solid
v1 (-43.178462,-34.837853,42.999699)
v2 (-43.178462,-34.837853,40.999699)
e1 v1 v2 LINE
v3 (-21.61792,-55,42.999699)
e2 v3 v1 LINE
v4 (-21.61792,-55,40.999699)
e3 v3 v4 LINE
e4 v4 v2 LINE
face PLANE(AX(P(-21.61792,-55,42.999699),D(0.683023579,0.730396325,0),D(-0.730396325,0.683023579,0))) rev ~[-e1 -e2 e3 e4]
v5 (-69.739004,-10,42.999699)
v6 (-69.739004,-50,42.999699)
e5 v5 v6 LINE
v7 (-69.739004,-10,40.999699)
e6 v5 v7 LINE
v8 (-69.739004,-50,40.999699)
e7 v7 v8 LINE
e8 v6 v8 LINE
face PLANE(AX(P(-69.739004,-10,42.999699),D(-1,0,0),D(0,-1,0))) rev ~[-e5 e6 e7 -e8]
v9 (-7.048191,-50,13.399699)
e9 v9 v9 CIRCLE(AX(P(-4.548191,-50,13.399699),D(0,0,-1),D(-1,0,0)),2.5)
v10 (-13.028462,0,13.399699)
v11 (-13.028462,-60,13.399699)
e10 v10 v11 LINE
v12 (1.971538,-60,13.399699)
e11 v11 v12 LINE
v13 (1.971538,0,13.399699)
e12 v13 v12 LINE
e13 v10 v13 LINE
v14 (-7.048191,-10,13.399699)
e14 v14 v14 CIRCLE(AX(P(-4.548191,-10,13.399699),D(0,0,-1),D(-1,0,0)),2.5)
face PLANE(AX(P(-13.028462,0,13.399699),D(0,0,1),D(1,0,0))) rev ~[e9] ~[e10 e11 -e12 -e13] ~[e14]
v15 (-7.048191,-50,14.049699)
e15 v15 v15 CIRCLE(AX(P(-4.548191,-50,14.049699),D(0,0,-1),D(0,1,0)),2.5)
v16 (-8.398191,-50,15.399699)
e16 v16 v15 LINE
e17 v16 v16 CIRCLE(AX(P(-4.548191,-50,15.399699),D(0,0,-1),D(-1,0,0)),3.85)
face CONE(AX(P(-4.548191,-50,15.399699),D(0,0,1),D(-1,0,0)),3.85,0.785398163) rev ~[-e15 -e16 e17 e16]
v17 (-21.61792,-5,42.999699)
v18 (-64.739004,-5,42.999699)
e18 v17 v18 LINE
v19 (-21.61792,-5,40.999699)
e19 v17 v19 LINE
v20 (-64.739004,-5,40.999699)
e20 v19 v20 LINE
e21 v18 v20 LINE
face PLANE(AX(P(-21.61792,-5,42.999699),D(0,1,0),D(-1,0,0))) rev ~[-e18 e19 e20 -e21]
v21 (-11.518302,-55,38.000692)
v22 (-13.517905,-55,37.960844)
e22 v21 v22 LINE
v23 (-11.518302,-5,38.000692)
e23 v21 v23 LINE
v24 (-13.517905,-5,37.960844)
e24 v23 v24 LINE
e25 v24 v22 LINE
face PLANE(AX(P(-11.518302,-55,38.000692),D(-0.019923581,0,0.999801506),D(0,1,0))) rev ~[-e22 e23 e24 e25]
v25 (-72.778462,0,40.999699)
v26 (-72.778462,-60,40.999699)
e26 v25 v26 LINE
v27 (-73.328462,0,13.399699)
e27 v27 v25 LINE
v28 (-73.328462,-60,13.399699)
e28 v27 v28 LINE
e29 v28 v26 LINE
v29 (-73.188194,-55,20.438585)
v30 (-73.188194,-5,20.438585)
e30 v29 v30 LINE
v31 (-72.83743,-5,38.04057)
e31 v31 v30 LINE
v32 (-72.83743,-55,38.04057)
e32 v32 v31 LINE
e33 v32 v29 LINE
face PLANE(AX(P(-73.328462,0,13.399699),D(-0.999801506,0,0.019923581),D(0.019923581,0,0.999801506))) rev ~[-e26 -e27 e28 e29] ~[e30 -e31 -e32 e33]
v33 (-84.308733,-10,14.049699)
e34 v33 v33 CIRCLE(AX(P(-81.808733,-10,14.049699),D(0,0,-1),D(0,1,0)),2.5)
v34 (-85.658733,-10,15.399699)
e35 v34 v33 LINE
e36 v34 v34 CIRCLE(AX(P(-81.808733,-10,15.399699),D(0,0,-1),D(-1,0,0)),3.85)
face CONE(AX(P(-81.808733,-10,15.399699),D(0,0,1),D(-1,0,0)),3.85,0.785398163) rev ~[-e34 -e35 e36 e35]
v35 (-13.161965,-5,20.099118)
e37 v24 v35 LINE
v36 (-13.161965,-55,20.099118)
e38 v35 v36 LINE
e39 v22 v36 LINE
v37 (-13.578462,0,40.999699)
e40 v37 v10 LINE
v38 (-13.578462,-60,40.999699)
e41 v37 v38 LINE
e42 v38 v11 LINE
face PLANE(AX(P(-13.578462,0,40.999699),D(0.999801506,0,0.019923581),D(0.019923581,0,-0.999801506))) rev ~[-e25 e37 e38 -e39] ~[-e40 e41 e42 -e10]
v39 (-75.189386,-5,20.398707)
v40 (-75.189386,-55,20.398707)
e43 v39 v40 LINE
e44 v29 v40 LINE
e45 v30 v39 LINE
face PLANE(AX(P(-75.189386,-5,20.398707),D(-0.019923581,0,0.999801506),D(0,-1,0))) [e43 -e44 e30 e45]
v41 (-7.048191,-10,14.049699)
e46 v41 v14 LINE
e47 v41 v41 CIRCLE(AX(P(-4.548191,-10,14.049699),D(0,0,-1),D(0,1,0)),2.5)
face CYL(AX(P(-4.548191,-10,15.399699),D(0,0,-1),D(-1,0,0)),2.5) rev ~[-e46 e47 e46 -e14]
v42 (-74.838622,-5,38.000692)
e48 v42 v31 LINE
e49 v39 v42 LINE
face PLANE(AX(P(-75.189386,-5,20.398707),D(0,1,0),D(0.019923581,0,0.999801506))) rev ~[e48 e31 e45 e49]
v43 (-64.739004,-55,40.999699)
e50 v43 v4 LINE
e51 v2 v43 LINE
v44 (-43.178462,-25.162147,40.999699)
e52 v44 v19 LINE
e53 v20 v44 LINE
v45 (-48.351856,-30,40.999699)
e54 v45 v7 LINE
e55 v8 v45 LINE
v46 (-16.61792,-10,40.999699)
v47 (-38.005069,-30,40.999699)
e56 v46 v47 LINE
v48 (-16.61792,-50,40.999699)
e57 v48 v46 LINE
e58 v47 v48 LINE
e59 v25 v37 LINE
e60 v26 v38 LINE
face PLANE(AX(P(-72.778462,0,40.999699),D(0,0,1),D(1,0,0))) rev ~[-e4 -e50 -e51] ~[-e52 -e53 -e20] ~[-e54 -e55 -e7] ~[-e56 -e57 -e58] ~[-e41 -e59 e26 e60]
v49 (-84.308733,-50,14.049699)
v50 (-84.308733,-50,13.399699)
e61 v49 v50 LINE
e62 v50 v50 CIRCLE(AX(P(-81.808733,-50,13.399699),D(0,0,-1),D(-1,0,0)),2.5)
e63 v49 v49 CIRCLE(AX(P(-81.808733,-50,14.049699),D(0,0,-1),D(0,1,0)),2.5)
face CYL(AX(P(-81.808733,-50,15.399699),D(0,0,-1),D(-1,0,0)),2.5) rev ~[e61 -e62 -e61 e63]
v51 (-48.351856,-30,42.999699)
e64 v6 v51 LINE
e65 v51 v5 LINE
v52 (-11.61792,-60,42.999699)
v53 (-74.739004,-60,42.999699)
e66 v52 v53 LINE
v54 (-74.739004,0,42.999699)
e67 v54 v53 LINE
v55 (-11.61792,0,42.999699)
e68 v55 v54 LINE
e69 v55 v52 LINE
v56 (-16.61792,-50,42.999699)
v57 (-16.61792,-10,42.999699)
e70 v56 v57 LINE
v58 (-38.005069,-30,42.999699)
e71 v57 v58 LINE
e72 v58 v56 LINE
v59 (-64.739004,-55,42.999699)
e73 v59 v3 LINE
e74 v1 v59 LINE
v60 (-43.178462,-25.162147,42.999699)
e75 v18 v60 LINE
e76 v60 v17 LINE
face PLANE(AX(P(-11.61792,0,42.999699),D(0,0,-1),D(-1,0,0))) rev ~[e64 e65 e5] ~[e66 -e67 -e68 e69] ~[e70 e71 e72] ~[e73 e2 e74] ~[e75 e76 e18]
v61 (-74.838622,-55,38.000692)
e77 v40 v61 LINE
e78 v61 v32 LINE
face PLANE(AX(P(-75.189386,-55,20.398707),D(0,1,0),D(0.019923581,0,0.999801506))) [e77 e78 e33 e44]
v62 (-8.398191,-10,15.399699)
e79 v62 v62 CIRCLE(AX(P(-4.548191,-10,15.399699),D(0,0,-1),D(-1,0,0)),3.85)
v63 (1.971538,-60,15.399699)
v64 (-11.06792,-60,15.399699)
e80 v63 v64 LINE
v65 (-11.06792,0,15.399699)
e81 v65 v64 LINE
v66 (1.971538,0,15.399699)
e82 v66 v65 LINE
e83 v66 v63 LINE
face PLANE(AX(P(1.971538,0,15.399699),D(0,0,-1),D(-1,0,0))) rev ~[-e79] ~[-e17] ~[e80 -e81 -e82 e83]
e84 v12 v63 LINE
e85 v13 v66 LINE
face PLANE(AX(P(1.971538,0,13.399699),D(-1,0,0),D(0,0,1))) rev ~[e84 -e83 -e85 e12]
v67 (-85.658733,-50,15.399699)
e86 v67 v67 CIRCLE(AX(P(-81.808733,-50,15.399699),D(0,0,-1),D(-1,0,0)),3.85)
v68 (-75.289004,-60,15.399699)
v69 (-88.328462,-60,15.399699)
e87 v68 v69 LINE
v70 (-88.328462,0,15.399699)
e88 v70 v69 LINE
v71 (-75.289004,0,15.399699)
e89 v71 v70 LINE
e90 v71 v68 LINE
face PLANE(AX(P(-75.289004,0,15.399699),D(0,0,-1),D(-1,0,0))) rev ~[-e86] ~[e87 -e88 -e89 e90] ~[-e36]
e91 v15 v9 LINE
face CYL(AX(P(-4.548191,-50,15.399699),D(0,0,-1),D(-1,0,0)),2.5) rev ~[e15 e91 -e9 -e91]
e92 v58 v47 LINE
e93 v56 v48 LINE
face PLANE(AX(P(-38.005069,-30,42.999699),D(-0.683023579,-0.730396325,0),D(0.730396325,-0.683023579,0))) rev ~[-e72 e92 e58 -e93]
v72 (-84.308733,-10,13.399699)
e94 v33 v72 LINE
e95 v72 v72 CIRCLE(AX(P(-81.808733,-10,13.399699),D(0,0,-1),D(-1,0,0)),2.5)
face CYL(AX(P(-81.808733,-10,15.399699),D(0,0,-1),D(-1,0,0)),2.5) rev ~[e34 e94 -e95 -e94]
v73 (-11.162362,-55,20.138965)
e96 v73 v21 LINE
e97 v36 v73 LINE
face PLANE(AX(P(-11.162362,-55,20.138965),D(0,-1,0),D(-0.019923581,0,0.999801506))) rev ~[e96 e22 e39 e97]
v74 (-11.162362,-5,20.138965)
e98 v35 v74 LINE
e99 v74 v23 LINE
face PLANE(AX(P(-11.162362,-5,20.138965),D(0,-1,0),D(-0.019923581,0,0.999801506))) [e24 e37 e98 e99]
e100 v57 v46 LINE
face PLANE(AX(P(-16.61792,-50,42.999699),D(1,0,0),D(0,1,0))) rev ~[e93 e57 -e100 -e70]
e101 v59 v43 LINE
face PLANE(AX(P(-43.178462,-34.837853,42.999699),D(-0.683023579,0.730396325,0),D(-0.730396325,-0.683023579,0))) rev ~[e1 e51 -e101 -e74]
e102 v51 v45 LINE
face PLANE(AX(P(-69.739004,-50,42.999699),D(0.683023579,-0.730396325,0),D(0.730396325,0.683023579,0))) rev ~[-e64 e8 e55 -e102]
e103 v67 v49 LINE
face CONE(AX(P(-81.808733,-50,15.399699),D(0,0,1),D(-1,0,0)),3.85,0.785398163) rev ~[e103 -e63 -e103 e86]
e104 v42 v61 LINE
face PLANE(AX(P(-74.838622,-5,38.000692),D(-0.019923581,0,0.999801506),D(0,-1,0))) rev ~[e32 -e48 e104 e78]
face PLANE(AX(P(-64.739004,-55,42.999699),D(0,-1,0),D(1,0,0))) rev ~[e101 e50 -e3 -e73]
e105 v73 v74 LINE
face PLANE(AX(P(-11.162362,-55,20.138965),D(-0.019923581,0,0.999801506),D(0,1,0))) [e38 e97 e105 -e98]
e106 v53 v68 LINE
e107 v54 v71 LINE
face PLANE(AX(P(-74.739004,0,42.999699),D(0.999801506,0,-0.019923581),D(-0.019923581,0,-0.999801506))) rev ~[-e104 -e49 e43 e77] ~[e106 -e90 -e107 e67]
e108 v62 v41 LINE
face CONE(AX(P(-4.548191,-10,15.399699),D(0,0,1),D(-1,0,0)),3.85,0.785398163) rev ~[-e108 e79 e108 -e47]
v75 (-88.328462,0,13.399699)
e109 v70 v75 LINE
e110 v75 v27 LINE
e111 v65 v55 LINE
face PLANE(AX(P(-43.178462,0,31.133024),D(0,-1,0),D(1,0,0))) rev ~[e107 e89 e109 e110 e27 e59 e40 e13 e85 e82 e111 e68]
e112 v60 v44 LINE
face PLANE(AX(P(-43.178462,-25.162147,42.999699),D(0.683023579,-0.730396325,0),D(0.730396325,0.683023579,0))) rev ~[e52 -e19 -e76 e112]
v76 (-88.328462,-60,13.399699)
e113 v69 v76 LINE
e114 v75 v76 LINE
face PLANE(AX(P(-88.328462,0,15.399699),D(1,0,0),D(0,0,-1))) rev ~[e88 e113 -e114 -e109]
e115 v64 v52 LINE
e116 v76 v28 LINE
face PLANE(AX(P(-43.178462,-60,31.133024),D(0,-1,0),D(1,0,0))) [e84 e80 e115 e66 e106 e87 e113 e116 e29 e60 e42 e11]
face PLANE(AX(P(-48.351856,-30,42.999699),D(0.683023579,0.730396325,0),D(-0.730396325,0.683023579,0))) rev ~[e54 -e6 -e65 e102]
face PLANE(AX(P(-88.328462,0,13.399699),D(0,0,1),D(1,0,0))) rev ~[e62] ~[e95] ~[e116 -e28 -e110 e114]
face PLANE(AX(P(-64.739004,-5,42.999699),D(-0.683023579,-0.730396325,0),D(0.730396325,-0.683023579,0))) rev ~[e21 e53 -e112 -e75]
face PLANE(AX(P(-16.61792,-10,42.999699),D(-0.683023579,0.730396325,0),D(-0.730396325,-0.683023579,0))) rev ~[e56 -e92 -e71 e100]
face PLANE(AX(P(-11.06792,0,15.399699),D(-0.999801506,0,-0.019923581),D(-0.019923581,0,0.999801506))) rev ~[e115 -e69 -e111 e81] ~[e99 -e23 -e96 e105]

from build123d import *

# Parameters (mm, degrees)
F1_DEPTH       = 60
F3_D           = 5
F3_CSINK_D     = 7.7
F3_CSINK_ANGLE = 90
F5_DEPTH       = 29.6009997154
F6_W           = 50
F6_H           = 17.8652722283
F7_W           = 50
F7_H           = 17.6054795285
F8_DEPTH       = 5


with BuildPart() as f1:
    # F0 (on Front) → F1 (new body)
    with BuildSketch(Plane.XZ):
        Polygon((-88.3284620883, 15.3996990994), (-88.3284620883, 13.399699384), (-73.3284620883, 13.399699384), (-72.7784620883, 40.999699384), (-13.5784620883, 40.999699384), (-13.0284620883, 13.399699384), (1.9715379117, 13.399699384), (1.9715379117, 15.3996990994), (-11.0679203725, 15.3996990994), (-11.6179203725, 42.9996990994), (-74.7390038042, 42.9996990994), (-75.2890038042, 15.3996990994), align=None)
    extrude(amount=F1_DEPTH)

    # F3 (through all)
    with Locations(Plane.XY.offset(15.3996990994)):
        with Locations((-81.8087329462, -10), (-81.8087329462, -50), (-4.5481912304, -50), (-4.5481912304, -10)):
            CounterSinkHole(F3_D / 2, F3_CSINK_D / 2, counter_sink_angle=F3_CSINK_ANGLE)

    # F4 (on face) → F5 (cut, through all)
    with BuildSketch(Plane.XY.offset(42.9996990994)):
        Polygon((-48.3518556123, -30), (-69.7390038042, -10), (-69.7390038042, -50), align=None)
        Polygon((-21.6179203725, -5), (-64.7390038042, -5), (-43.1784620883, -25.1621474003), align=None)
        Polygon((-16.6179203725, -50), (-16.6179203725, -10), (-38.0050685644, -30), align=None)
        Polygon((-43.1784620883, -34.8378525997), (-64.7390038042, -55), (-21.6179203725, -55), align=None)
    extrude(amount=-F5_DEPTH, mode=Mode.SUBTRACT)

    # F6 (on face) + F7 (on face) → F8 (cut, symmetric)
    with BuildSketch(Plane(origin=(-10.756770725, 0, -0.2143559384), x_dir=(0, 1, 0), z_dir=(0.9998015058, 0, 0.0199235807))):
        with Locations((-30, 29.2899983673)):
            Rectangle(F6_W, F6_H)
    with BuildSketch(Plane(origin=(-75.565874151, 0, 1.505841695), x_dir=(0, -1, 0), z_dir=(-0.9998015058, 0, 0.0199235807))):
        with Locations((30, 27.6993555667)):
            Rectangle(F7_W, F7_H)
    extrude(amount=F8_DEPTH, both=True, dir=(0.9998015058, 0, 0.0199235807), mode=Mode.SUBTRACT)


solid = f1.part
